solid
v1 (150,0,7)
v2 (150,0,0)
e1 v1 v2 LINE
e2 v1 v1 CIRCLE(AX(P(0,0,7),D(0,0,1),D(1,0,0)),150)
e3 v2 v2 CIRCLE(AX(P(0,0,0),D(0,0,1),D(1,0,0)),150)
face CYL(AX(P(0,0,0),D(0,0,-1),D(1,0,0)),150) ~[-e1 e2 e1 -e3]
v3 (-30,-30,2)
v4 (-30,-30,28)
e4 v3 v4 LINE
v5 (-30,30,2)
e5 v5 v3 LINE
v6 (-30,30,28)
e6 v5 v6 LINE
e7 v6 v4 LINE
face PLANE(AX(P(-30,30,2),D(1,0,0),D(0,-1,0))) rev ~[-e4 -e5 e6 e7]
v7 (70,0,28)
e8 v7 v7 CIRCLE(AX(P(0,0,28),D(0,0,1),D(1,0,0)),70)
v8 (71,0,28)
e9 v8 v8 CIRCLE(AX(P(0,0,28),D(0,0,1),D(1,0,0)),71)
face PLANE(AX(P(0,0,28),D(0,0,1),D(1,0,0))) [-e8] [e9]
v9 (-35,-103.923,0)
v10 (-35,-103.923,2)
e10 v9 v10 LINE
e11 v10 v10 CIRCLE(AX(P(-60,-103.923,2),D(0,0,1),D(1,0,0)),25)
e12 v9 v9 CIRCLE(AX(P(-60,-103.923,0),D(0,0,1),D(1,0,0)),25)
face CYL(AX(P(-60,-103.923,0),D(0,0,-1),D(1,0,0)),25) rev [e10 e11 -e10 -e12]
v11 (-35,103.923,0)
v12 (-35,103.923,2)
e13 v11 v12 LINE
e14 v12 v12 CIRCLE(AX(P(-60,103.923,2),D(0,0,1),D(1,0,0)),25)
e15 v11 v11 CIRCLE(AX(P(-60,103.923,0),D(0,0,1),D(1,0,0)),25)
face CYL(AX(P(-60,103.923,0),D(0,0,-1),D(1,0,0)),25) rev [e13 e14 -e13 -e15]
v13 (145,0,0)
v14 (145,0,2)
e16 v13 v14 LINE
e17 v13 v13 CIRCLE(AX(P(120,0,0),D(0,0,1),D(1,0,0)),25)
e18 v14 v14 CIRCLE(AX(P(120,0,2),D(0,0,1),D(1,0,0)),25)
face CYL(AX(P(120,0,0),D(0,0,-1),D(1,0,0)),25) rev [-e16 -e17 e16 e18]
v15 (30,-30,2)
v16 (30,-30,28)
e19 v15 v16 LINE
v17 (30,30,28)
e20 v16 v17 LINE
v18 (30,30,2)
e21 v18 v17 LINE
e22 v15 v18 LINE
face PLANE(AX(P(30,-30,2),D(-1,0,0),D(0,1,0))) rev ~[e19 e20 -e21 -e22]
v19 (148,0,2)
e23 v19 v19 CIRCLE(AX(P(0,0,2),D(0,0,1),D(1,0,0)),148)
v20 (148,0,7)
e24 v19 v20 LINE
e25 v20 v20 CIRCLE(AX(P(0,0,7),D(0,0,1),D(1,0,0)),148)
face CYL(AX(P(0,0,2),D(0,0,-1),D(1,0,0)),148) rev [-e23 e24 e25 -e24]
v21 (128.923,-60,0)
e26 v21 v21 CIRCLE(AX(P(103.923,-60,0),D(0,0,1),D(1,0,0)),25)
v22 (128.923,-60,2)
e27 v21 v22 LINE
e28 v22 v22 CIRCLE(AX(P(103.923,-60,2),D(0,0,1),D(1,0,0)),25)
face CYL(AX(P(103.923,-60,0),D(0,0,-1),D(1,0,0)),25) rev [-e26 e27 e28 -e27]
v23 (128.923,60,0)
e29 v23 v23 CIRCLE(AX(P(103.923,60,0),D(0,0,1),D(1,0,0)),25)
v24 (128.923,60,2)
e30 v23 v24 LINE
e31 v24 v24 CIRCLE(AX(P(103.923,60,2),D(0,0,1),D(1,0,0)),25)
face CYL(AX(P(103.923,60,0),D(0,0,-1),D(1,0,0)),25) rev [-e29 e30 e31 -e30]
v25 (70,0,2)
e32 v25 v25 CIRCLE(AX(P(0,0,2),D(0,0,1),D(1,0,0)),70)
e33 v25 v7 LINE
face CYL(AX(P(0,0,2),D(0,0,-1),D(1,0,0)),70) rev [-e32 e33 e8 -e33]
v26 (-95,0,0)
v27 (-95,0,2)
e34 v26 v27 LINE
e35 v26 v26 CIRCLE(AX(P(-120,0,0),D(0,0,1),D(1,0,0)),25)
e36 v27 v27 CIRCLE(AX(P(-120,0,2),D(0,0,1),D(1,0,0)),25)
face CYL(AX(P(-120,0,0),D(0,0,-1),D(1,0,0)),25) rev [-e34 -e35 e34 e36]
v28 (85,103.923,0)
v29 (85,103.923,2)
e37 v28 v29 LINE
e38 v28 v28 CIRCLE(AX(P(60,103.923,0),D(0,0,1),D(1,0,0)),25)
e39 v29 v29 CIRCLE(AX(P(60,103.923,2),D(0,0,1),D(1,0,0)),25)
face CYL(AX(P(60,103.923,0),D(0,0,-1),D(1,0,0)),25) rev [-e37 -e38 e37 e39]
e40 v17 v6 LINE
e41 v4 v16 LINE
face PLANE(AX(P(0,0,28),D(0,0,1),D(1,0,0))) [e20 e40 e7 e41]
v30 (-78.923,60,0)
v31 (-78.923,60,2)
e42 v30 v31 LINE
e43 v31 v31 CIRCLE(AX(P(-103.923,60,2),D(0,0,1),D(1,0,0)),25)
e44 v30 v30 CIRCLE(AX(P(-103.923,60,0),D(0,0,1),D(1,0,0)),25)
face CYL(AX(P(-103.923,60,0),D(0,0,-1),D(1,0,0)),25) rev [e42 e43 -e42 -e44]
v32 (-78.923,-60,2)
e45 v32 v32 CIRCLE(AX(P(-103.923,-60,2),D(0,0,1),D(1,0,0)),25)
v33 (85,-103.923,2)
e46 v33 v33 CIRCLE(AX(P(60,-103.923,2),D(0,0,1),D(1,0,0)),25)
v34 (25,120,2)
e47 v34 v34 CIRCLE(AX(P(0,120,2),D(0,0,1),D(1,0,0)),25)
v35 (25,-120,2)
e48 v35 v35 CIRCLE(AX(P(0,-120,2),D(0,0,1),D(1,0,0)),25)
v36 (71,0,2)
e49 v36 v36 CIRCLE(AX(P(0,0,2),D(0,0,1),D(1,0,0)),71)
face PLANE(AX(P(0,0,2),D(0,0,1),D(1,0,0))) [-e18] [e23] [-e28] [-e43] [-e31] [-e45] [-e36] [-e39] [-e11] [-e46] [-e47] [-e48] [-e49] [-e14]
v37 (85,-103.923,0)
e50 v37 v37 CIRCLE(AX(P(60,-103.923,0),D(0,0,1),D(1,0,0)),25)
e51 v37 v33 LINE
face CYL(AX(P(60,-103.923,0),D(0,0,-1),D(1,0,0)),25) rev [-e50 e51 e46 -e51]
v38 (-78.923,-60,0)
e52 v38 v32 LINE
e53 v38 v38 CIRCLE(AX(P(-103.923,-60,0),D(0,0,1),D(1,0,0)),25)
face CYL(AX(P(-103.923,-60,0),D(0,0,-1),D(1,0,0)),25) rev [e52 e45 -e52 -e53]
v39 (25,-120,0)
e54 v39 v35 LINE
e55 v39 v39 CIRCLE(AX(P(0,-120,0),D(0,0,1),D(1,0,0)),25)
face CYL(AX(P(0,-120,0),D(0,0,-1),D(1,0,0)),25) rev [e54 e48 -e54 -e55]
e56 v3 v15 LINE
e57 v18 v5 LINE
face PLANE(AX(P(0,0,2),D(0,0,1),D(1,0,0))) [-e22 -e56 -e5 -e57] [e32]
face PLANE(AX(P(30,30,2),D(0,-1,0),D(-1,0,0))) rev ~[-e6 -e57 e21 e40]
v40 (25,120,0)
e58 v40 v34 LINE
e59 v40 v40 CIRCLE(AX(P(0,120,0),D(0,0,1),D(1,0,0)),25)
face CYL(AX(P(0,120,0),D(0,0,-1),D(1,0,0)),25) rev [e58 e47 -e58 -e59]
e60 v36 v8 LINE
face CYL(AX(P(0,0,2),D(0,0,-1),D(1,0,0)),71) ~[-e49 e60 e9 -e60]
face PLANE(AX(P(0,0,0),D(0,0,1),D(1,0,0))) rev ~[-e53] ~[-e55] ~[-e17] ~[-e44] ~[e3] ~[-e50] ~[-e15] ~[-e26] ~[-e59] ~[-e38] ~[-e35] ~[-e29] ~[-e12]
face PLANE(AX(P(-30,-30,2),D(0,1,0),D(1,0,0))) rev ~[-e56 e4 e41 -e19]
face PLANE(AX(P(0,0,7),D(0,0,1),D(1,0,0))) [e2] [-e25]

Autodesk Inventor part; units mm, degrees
ref_plane "YZ Plane" through (0, 0, 0) normal (1, 0, 0) x (0, 1, 0)
ref_plane "XZ Plane" through (0, 0, 0) normal (0, 1, 0) x (-1, 0, 0)
ref_plane "XY Plane" through (0, 0, 0) normal (0, 0, 1) x (1, 0, 0)
sketch "Sketch1" plane through (0, 0, 0) normal (0, 0, 1) x (1, 0, 0)
  circle A0 centre (0, 0) radius 150
  circle A1 centre (0, 120) radius 25
  circle A2 centre (60, 103.923) radius 25
  circle A3 centre (103.923, 60) radius 25
  circle A4 centre (120, 0) radius 25
  circle A5 centre (103.923, -60) radius 25
  circle A6 centre (60, -103.923) radius 25
  circle A7 centre (0, -120) radius 25
  circle A8 centre (-60, -103.923) radius 25
  circle A9 centre (-103.923, -60) radius 25
  circle A10 centre (-120, 0) radius 25
  circle A11 centre (-103.923, 60) radius 25
  circle A12 centre (-60, 103.923) radius 25
  dimension "d0" = 300
  dimension "d1" = 50
  dimension "d2" = 0
  dimension "d3" = 120
  dimension "d6" = 360
extrude "Extrusion1" add sketch "Sketch1" along normal blind 2
sketch "Sketch2" plane through (0, 0, 2) normal (0, 0, 1) x (1, 0, 0)
  circle A0 centre (0, 0) radius 150 projected
  circle A1 centre (0, 0) radius 148
  dimension "d10" = 2
extrude "Extrusion2" add sketch "Sketch2" along normal blind 5
sketch "Sketch3" plane through (0, 0, 2) normal (0, 0, 1) x (1, 0, 0)
  circle A0 centre (0, 0) radius 71
  circle A1 centre (0, 0) radius 70
  line L0 (30, 30) -> (-30, 30)
  line L1 (-30, 30) -> (-30, -30)
  line L2 (-30, -30) -> (30, -30)
  line L3 (30, -30) -> (30, 30)
  line L4 (30, 30) -> (-30, -30) construction
  line L5 (-30, 30) -> (30, -30) construction
  dimension "d13" = 142
  dimension "d14" = 1
  dimension "d17" = 60
  dimension "d18" = 60
extrude "Extrusion3" add sketch "Sketch3" along normal blind 26
sketch "Sketch4" plane through (0, 0, 0) normal (0, 0, 1) x (1, 0, 0)
  point P0 (0, 0)
sketch "Sketch5" plane through (0, 0, 0) normal (0, 0, -1) x (-1, 0, 0)
  line L0 (-191.5583, 191.5583) -> (190.3872, 191.5583) construction
  line L1 (190.3872, 191.5583) -> (190.3872, -190.3872) construction
  line L2 (190.3872, -190.3872) -> (-191.5583, -190.3872) construction
  line L3 (-191.5583, -190.3872) -> (-191.5583, 191.5583) construction
  point P0 (0, 0)
properties part number "Clock"
